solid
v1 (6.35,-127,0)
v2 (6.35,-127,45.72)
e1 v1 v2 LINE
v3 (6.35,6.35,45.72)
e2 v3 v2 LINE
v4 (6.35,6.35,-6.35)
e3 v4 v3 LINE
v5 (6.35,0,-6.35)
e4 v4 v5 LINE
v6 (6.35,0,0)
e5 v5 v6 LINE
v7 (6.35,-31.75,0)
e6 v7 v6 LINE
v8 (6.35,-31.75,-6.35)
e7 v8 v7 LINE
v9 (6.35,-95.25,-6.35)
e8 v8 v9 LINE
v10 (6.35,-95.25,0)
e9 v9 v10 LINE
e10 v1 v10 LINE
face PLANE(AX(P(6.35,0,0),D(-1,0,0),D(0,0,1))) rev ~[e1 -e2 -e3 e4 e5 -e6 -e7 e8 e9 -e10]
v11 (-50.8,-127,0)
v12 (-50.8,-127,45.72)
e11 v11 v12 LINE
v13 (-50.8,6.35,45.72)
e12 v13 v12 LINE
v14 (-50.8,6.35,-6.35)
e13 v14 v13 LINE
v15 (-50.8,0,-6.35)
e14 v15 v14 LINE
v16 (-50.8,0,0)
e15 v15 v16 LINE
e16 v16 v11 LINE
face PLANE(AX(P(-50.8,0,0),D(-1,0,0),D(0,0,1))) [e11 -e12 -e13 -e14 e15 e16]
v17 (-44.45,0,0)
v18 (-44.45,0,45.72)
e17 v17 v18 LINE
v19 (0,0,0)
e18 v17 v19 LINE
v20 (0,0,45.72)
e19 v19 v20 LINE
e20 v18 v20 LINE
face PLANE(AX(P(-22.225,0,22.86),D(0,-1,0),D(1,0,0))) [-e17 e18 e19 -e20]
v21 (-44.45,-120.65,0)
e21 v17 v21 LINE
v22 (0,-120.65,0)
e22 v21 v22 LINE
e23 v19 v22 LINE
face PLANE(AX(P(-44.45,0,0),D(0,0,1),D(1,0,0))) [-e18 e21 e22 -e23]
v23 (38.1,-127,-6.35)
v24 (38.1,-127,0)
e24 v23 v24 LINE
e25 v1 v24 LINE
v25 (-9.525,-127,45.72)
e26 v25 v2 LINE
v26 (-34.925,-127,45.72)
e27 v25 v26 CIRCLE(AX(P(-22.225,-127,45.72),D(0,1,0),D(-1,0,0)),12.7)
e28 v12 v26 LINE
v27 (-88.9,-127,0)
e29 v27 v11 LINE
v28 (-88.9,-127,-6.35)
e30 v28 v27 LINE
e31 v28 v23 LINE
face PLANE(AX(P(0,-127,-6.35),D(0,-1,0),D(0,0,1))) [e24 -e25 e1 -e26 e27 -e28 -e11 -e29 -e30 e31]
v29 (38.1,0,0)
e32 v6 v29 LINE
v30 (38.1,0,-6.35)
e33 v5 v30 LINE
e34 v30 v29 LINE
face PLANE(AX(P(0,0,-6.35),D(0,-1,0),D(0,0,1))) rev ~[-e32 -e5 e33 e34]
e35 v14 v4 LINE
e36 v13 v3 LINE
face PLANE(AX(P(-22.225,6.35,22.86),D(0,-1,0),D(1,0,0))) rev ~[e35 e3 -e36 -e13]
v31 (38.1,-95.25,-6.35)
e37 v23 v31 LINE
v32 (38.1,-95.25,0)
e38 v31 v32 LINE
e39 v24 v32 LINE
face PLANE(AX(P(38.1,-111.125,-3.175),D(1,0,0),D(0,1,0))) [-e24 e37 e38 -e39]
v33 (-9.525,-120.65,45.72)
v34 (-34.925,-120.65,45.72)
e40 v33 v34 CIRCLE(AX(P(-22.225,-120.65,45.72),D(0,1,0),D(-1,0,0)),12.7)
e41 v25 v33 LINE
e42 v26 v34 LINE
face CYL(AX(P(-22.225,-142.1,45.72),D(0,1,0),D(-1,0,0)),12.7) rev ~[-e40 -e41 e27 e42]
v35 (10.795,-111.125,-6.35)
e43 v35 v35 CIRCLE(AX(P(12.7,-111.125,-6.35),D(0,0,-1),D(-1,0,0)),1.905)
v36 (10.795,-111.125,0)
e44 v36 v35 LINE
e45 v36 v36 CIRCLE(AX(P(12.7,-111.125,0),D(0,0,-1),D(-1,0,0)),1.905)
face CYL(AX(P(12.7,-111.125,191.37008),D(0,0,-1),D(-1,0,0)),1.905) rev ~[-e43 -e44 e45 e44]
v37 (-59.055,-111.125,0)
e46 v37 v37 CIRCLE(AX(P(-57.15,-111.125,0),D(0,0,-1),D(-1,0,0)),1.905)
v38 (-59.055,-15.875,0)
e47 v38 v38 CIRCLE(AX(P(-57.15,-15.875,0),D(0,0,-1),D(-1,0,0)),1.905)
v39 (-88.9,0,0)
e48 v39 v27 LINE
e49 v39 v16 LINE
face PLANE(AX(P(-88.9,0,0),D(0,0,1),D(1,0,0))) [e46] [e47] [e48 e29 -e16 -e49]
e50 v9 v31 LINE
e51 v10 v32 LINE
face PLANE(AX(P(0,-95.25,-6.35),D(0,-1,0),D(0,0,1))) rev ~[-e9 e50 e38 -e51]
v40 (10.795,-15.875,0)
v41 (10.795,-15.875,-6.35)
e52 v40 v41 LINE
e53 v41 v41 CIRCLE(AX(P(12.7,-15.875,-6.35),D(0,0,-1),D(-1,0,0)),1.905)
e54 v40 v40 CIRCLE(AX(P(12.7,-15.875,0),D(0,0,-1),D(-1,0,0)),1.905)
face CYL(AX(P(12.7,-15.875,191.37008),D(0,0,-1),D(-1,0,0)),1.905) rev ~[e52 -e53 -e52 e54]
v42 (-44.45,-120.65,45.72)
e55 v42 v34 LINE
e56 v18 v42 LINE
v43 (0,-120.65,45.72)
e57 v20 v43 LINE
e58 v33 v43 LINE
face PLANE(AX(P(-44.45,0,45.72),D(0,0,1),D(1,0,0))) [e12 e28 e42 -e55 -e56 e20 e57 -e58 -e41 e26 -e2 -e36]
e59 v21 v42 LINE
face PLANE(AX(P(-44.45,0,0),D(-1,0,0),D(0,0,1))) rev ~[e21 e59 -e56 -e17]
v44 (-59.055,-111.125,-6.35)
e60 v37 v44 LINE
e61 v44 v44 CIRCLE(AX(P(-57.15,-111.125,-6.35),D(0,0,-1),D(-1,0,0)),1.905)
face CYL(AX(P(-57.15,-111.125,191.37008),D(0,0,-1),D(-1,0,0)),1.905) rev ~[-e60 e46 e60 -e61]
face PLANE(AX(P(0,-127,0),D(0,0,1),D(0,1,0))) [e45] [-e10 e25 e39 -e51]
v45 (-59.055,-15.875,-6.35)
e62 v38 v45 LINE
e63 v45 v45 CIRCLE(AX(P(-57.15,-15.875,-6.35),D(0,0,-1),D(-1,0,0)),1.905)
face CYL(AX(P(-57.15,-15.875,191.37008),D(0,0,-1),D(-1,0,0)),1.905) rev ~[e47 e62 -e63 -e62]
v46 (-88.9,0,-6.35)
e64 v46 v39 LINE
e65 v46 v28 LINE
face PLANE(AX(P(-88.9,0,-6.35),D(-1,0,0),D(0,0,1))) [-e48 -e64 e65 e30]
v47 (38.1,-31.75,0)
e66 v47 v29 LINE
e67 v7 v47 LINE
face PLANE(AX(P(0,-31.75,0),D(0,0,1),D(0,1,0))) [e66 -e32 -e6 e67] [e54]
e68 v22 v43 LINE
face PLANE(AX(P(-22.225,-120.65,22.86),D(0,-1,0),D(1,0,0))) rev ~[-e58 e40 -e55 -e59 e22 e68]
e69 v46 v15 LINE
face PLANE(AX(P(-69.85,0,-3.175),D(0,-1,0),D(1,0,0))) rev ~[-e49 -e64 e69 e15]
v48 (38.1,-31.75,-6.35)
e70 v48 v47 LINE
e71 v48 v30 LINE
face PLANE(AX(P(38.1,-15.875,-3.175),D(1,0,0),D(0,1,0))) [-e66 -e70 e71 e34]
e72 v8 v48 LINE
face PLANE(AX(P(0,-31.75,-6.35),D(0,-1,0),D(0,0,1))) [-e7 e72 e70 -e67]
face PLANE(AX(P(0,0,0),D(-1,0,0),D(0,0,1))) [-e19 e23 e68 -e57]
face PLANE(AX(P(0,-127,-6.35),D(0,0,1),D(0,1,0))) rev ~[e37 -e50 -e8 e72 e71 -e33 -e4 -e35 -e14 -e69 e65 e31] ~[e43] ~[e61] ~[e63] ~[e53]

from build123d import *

# Parameters (mm, degrees)
F0_W      = 44.45
F0_H      = 45.72
F1_DEPTH  = 120.65
F2_T      = 6.35
F4_W      = 38.1
F4_H      = 6.35
F5_DEPTH  = 127
F6_W      = 31.75
F6_H      = 6.35
F7_DEPTH  = 38.1
F3_W      = 31.75
F3_H      = 6.35
F8_DEPTH  = 38.1
F10_D     = 3.81
F12_D     = 3.81
F14_D     = 3.81
F16_D     = 3.81
F18_D     = 25.4
F18_DEPTH = 15.1
F18_TIP   = 7.6309298617


with BuildPart() as f1:
    # F0 (on Front) → F1 (new body)
    with BuildSketch(Plane.XZ):
        with Locations((-22.225, 22.86)):
            Rectangle(F0_W, F0_H)
    extrude(amount=F1_DEPTH)

    # F2
    f2_openings = [f1.faces().sort_by_distance(p)[0] for p in [
        (-22.225, -60.325, 45.72),
    ]]
    offset(amount=F2_T, openings=f2_openings, kind=Kind.INTERSECTION)

    # F4 (on Front) → F5 (join)
    with BuildSketch(Plane.XZ):
        with Locations((-69.85, -3.175)):
            Rectangle(F4_W, F4_H)
    extrude(amount=F5_DEPTH)

    # F6 (on Right) → F7 (join)
    with BuildSketch(Plane.YZ):
        with Locations((-111.125, -3.175)):
            Rectangle(F6_W, F6_H)
    extrude(amount=F7_DEPTH)

    # F3 (on Right) → F8 (join)
    with BuildSketch(Plane.YZ):
        with Locations((-15.875, -3.175)):
            Rectangle(F3_W, F3_H)
    extrude(amount=F8_DEPTH)

    # F10 (through all)
    with Locations(Plane.XY):
        with Locations((-57.15, -111.125)):
            Hole(F10_D / 2)

    # F12 (through all)
    with Locations(Plane.XY):
        with Locations((-57.15, -15.875)):
            Hole(F12_D / 2)

    # F14 (through all)
    with Locations(Plane.XY):
        with Locations((12.7, -111.125)):
            Hole(F14_D / 2)

    # F16 (through all)
    with Locations(Plane.XY):
        with Locations((12.7, -15.875)):
            Hole(F16_D / 2)

    # F18
    with Locations(Plane.XZ.offset(127)):
        with Locations((-22.225, 45.72)):
            Hole(F18_D / 2, depth=F18_DEPTH)
            with Locations((0, 0, -(F18_DEPTH + F18_TIP / 2))):  # 118° drill point
                Cone(0, F18_D / 2, F18_TIP, mode=Mode.SUBTRACT)


solid = f1.part
